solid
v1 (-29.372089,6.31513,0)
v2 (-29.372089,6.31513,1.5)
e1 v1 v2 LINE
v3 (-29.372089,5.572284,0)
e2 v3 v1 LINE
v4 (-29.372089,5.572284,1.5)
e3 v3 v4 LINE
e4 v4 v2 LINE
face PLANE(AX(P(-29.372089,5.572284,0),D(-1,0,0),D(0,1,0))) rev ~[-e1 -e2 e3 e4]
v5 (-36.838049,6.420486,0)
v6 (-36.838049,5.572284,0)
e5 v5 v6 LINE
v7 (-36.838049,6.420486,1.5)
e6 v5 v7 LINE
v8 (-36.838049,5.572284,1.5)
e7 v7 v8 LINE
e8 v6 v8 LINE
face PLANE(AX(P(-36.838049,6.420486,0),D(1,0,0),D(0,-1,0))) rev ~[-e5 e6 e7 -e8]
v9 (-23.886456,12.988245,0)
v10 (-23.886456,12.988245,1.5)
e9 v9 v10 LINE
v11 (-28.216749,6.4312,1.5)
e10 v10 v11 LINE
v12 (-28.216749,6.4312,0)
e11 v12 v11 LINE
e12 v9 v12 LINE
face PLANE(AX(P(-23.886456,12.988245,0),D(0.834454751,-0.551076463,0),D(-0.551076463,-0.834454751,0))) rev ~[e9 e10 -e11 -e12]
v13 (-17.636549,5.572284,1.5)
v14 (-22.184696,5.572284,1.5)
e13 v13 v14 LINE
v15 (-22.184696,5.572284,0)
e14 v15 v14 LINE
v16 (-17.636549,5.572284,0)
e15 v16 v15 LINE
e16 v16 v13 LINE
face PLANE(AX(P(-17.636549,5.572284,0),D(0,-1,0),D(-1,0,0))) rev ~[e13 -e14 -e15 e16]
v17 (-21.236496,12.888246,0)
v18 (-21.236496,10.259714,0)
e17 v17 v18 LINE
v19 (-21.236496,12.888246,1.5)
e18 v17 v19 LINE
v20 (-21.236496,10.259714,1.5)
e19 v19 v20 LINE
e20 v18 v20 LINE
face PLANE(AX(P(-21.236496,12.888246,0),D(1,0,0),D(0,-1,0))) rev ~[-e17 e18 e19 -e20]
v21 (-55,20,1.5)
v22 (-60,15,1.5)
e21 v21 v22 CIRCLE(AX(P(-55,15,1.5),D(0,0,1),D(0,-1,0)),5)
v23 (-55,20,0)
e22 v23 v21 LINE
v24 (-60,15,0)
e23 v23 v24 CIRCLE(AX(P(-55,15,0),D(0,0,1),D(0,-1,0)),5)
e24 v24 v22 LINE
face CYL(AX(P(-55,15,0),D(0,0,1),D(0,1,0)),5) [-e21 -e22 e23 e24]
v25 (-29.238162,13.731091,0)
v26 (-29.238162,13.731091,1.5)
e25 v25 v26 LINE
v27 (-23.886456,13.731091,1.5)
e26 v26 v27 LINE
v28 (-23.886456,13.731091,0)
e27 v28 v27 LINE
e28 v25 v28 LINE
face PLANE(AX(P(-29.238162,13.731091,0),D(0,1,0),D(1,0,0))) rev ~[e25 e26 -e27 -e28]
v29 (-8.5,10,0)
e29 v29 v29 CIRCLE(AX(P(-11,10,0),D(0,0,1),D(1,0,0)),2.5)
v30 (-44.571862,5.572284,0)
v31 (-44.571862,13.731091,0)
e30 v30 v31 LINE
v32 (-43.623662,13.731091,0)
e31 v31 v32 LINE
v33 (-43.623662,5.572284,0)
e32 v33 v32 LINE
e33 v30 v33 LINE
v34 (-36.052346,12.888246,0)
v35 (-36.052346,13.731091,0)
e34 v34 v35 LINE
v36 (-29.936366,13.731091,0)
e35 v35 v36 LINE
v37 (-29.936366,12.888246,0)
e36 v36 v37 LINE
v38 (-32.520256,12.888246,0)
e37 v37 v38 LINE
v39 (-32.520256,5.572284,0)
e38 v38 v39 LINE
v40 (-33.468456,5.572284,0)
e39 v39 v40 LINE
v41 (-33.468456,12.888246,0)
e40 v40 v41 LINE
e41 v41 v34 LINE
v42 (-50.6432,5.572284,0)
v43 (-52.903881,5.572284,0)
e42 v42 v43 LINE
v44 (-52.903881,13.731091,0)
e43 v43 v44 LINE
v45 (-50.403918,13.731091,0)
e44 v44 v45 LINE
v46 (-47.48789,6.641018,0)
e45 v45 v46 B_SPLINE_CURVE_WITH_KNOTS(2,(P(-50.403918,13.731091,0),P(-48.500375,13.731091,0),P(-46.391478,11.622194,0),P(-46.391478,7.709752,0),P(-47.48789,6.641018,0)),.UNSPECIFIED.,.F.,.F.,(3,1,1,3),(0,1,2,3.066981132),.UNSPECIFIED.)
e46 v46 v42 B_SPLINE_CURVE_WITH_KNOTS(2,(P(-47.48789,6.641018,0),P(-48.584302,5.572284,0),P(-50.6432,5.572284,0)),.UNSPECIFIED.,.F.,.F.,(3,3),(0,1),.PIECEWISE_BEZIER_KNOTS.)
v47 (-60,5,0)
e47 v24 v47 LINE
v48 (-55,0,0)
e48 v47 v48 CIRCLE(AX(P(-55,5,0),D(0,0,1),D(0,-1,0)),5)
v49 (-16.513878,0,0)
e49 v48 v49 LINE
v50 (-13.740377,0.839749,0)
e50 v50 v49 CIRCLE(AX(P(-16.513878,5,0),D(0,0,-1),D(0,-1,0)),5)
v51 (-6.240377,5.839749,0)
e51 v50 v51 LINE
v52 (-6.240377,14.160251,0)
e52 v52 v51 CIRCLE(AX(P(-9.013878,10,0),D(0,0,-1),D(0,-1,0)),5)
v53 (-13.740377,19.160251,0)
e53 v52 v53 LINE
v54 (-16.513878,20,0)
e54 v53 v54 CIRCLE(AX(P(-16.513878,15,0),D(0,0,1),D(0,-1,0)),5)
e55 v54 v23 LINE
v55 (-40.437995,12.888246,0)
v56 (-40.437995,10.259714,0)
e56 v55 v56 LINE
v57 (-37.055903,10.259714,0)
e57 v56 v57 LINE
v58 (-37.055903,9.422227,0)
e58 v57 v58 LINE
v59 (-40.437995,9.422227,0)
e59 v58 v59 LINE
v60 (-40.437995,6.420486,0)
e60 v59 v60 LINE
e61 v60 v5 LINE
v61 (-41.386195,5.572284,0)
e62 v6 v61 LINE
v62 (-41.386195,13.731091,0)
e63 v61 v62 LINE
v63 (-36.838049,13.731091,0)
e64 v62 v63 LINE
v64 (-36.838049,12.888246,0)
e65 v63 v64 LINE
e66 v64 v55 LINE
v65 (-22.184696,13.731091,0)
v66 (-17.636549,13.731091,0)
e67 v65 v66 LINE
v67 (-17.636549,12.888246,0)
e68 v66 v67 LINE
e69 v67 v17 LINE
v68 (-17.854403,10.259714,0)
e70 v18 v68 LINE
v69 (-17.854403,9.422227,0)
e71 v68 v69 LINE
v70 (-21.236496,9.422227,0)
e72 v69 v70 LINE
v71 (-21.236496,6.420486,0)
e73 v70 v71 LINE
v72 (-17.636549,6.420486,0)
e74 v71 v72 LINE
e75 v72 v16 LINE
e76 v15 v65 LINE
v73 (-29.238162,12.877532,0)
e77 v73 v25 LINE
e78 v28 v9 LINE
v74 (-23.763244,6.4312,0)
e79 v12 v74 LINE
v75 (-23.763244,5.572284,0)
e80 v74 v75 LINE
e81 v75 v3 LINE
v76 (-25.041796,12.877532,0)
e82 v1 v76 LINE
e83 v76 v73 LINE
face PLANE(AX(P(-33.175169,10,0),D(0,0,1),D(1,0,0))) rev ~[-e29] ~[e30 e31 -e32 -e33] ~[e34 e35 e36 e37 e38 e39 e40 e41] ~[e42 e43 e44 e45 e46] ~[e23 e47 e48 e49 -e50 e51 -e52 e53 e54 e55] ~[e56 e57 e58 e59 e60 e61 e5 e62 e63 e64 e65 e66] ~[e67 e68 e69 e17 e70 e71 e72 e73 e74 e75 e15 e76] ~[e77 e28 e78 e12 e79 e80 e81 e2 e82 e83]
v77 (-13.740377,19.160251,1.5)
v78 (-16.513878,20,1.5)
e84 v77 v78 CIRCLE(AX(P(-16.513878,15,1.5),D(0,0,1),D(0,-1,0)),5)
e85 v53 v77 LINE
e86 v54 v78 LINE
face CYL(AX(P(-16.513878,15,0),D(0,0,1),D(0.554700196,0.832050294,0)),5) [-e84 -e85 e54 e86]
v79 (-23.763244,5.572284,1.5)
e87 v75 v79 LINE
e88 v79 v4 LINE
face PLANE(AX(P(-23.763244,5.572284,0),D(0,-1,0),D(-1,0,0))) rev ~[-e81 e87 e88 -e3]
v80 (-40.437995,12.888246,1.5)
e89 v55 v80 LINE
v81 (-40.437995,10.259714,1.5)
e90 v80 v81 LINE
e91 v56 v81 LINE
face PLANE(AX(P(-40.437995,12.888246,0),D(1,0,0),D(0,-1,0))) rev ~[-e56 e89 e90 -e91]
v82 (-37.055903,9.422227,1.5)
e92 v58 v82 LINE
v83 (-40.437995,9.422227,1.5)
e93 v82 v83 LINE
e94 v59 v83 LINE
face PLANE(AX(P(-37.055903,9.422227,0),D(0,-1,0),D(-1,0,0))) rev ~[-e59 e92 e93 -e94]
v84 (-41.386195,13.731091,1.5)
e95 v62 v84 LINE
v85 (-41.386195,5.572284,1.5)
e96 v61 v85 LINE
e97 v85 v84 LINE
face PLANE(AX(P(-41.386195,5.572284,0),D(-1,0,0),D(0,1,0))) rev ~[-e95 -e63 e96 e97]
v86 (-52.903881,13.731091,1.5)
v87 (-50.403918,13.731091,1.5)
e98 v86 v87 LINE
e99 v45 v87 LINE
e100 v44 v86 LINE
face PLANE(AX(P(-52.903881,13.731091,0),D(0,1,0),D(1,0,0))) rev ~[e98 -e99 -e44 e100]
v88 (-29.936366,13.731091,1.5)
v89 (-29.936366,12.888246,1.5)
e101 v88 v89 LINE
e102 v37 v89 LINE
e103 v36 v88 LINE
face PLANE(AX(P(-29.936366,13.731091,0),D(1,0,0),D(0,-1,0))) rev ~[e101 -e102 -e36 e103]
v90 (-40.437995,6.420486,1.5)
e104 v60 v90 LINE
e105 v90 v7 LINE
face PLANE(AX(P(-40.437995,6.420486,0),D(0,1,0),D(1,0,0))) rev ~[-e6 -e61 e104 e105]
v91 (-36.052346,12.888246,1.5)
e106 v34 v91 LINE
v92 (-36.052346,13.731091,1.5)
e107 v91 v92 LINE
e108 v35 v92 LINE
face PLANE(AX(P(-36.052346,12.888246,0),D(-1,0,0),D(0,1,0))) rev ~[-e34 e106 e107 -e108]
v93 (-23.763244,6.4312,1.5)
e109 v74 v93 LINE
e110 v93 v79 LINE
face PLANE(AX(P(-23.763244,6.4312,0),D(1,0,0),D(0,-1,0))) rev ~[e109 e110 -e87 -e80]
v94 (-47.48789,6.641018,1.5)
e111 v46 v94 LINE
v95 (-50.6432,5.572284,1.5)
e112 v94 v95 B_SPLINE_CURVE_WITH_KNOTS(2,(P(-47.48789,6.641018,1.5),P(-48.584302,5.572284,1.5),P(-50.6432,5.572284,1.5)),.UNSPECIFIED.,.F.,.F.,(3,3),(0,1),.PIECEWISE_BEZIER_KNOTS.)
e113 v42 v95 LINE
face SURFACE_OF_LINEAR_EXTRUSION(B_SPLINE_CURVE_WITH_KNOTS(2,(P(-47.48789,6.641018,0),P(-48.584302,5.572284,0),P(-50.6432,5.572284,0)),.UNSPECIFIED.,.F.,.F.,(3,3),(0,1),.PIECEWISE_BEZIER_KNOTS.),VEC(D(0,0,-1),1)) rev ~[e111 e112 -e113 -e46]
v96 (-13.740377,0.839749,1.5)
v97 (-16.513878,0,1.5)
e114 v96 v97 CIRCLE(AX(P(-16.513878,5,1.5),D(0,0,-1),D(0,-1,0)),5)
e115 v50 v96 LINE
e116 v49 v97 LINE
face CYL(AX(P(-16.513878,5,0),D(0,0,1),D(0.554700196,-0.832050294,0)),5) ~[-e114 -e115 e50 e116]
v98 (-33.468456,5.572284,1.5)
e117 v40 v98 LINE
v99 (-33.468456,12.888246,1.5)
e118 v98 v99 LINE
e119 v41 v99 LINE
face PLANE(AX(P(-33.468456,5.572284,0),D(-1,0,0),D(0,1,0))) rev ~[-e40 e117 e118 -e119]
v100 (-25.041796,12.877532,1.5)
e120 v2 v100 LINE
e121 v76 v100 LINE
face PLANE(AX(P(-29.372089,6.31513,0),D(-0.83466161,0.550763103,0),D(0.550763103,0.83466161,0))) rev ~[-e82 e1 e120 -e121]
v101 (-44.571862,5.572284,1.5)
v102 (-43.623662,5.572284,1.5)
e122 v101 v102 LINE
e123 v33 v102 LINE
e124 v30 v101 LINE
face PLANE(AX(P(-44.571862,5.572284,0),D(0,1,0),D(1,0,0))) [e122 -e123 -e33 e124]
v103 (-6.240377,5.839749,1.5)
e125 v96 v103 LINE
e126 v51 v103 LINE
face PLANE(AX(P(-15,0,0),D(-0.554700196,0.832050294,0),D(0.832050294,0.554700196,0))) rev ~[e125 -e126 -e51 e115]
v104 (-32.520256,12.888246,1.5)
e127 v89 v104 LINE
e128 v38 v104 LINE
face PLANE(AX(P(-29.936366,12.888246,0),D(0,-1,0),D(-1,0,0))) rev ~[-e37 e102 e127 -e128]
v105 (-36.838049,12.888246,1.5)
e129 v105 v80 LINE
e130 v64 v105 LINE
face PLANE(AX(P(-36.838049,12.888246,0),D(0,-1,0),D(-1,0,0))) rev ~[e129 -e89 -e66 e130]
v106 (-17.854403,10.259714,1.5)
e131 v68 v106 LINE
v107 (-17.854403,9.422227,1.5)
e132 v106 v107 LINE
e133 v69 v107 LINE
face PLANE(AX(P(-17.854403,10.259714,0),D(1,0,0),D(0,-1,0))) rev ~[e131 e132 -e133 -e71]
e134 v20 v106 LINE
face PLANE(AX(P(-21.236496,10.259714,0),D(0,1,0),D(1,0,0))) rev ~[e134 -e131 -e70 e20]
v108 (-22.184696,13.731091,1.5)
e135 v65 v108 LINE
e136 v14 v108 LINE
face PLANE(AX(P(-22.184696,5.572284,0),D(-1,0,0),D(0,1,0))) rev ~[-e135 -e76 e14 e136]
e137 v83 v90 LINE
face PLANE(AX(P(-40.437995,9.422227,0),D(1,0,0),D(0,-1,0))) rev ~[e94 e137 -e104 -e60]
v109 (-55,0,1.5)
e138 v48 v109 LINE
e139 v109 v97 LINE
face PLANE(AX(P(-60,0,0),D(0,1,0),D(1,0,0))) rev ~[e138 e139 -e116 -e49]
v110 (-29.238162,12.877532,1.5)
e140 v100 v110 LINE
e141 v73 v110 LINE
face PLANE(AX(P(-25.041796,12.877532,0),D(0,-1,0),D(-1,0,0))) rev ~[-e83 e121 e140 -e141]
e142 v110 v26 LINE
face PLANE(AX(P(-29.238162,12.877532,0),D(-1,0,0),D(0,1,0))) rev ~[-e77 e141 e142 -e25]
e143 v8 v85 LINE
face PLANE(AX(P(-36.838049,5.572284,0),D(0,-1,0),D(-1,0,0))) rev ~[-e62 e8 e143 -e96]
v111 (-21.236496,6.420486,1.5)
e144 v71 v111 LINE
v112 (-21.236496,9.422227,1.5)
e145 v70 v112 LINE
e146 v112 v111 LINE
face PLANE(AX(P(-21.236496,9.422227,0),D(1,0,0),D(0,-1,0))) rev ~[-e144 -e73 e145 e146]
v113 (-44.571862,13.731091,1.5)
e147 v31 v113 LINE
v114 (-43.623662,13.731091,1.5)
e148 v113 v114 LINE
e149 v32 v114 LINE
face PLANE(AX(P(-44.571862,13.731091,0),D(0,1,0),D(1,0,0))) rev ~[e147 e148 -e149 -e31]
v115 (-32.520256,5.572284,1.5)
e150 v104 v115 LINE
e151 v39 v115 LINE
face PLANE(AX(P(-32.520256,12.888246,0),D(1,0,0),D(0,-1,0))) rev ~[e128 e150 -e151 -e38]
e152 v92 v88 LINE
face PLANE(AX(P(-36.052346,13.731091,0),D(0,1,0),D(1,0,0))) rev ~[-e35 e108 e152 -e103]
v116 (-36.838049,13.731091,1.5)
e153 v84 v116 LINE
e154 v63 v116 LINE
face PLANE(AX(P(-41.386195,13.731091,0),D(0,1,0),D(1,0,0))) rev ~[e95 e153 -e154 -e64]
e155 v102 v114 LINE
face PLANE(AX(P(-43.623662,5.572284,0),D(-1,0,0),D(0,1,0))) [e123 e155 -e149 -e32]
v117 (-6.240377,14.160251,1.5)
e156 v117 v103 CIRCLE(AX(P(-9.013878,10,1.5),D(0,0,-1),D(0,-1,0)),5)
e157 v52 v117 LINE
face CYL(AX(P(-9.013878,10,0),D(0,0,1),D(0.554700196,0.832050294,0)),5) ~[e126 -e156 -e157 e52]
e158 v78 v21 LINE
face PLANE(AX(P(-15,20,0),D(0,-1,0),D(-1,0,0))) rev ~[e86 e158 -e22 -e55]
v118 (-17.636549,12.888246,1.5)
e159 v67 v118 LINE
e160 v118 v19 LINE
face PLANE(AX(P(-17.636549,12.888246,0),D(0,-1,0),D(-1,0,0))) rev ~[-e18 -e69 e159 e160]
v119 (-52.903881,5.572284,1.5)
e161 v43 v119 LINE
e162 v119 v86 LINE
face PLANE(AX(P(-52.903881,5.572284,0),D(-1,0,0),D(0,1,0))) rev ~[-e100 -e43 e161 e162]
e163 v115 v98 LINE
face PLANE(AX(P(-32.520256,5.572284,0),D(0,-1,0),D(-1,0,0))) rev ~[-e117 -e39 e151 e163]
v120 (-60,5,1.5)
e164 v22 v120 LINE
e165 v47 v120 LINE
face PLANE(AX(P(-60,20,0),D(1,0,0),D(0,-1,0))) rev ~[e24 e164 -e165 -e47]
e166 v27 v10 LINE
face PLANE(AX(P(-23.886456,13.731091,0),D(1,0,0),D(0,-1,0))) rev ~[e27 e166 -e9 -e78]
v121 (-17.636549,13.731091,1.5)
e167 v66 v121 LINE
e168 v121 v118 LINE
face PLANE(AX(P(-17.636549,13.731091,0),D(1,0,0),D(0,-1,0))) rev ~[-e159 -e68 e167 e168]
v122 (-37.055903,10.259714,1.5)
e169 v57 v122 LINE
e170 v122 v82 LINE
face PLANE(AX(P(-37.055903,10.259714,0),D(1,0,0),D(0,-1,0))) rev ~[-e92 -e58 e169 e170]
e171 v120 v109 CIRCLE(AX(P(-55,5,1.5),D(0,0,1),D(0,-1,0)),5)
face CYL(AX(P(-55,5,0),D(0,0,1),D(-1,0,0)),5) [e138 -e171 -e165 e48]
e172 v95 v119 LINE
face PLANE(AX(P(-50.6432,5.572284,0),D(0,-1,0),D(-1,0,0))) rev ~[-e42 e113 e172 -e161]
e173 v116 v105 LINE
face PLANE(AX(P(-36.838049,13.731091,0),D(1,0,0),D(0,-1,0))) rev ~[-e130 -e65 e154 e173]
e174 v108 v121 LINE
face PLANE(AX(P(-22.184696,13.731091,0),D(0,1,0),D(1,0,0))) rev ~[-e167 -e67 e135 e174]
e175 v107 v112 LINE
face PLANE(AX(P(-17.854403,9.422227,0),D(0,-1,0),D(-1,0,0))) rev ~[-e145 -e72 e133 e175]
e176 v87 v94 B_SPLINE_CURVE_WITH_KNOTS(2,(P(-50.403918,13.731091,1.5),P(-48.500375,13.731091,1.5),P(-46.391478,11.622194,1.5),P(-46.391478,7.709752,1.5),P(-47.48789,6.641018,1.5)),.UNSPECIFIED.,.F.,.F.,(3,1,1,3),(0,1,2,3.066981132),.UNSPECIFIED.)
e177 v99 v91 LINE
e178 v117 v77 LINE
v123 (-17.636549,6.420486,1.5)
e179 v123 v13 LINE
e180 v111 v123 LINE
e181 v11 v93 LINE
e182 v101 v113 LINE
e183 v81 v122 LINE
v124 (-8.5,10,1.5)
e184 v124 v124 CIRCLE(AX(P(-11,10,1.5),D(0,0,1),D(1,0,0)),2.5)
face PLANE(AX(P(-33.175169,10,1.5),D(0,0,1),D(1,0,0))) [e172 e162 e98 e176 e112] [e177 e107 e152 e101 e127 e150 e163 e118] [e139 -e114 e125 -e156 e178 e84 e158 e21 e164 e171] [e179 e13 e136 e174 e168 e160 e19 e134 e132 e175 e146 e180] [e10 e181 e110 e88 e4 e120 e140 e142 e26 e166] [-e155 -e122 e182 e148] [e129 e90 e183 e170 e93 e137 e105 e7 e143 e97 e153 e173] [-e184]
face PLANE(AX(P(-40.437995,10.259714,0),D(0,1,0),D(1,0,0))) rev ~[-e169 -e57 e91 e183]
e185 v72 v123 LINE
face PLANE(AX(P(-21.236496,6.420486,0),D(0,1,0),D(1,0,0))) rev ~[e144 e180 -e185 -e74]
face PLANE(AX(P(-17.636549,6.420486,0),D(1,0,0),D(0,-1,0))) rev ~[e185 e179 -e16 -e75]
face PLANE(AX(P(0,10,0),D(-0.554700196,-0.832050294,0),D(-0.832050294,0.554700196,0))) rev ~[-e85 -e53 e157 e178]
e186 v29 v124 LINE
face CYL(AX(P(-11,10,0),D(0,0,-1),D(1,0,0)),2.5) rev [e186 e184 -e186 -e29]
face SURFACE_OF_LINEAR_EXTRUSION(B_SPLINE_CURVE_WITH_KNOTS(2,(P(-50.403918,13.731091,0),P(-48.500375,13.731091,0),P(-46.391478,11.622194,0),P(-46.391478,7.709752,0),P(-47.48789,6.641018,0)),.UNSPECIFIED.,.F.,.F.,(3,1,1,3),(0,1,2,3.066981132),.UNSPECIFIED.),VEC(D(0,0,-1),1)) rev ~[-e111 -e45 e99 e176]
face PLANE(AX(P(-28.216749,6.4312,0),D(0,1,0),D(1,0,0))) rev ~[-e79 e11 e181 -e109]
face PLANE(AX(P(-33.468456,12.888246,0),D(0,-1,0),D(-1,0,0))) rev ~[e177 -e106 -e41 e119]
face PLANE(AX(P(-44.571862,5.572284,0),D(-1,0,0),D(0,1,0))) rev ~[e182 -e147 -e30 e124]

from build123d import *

# Parameters (mm, degrees)
F0_W     = 0.9482001415
F0_H     = 8.158806867
F0_R     = 2.5
F1_DEPTH = 1.5
F2_R     = 5
F3_R     = 5


with BuildPart() as f1:
    # F0 (on Top) → F1 (new body)
    with BuildSketch(Plane.XY):
        Polygon((-15, 20), (-60, 20), (-60, 0), (-15, 0), (0, 10), align=None)
        with BuildLine():
            add(Edge.make_bspline(
                [(-47.4459262549, 12.6766424166), (-46.3914776983, 11.62219386), (-46.3914776983, 9.7293649524)],
                knots=[0, 0, 0, 1, 1, 1], degree=2))
            add(Edge.make_bspline(
                [(-46.3914776983, 9.7293649524), (-46.3914776983, 7.7097522217), (-47.4878899146, 6.6410181639)],
                knots=[0, 0, 0, 1, 1, 1], degree=2))
            add(Edge.make_bspline(
                [(-47.4878899146, 6.6410181639), (-48.5843021309, 5.5722841062), (-50.6431999899, 5.5722841062)],
                knots=[0, 0, 0, 1, 1, 1], degree=2))
            Line((-50.6431999899, 5.5722841062), (-52.9038805532, 5.5722841062))
            Line((-52.9038805532, 5.5722841062), (-52.9038805532, 13.7310909731))
            Line((-52.9038805532, 13.7310909731), (-50.403917845, 13.7310909731))
            add(Edge.make_bspline(
                [(-50.403917845, 13.7310909731), (-48.5003748114, 13.7310909731), (-47.4459262549, 12.6766424166)],
                knots=[0, 0, 0, 1, 1, 1], degree=2))
        make_face(mode=Mode.SUBTRACT)
        with Locations((-44.0977619135, 9.6516875396)):
            Rectangle(F0_W, F0_H, mode=Mode.SUBTRACT)
        Polygon((-36.8380487777, 6.4204857393), (-36.8380487777, 5.5722841062), (-41.386195219, 5.5722841062), (-41.386195219, 13.7310909731), (-36.8380487777, 13.7310909731), (-36.8380487777, 12.8882464029), (-40.4379950775, 12.8882464029), (-40.4379950775, 10.259714184), (-37.0559026708, 10.259714184), (-37.0559026708, 9.4222266768), (-40.4379950775, 9.4222266768), (-40.4379950775, 6.4204857393), align=None, mode=Mode.SUBTRACT)
        Polygon((-32.5202560431, 12.8882464029), (-32.5202560431, 5.5722841062), (-33.4684561846, 5.5722841062), (-33.4684561846, 12.8882464029), (-36.0523462123, 12.8882464029), (-36.0523462123, 13.7310909731), (-29.9363660154, 13.7310909731), (-29.9363660154, 12.8882464029), align=None, mode=Mode.SUBTRACT)
        Polygon((-23.7632438138, 6.4311998652), (-23.7632438138, 5.5722841062), (-29.3720887184, 5.5722841062), (-29.3720887184, 6.315130168), (-25.0417961703, 12.877532277), (-29.2381621448, 12.877532277), (-29.2381621448, 13.7310909731), (-23.8864562616, 13.7310909731), (-23.8864562616, 12.9882449113), (-28.2167488097, 6.4311998652), align=None, mode=Mode.SUBTRACT)
        Polygon((-17.6365494911, 6.4204857393), (-17.6365494911, 5.5722841062), (-22.1846959324, 5.5722841062), (-22.1846959324, 13.7310909731), (-17.6365494911, 13.7310909731), (-17.6365494911, 12.8882464029), (-21.2364957909, 12.8882464029), (-21.2364957909, 10.259714184), (-17.8544033843, 10.259714184), (-17.8544033843, 9.4222266768), (-21.2364957909, 9.4222266768), (-21.2364957909, 6.4204857393), align=None, mode=Mode.SUBTRACT)
        with Locations((-11, 10)):
            Circle(F0_R, mode=Mode.SUBTRACT)
    extrude(amount=F1_DEPTH)

    # F2
    f2_edges = [f1.edges().sort_by_distance(p)[0] for p in [
        (0, 10, 0.75),
    ]]
    fillet(f2_edges, radius=F2_R)

    # F3
    f3_edges = [f1.edges().sort_by_distance(p)[0] for p in [
        (-60, 20, 0.75),
        (-60, 0, 0.75),
        (-15, 0, 0.75),
        (-15, 20, 0.75),
    ]]
    fillet(f3_edges, radius=F3_R)


solid = f1.part
